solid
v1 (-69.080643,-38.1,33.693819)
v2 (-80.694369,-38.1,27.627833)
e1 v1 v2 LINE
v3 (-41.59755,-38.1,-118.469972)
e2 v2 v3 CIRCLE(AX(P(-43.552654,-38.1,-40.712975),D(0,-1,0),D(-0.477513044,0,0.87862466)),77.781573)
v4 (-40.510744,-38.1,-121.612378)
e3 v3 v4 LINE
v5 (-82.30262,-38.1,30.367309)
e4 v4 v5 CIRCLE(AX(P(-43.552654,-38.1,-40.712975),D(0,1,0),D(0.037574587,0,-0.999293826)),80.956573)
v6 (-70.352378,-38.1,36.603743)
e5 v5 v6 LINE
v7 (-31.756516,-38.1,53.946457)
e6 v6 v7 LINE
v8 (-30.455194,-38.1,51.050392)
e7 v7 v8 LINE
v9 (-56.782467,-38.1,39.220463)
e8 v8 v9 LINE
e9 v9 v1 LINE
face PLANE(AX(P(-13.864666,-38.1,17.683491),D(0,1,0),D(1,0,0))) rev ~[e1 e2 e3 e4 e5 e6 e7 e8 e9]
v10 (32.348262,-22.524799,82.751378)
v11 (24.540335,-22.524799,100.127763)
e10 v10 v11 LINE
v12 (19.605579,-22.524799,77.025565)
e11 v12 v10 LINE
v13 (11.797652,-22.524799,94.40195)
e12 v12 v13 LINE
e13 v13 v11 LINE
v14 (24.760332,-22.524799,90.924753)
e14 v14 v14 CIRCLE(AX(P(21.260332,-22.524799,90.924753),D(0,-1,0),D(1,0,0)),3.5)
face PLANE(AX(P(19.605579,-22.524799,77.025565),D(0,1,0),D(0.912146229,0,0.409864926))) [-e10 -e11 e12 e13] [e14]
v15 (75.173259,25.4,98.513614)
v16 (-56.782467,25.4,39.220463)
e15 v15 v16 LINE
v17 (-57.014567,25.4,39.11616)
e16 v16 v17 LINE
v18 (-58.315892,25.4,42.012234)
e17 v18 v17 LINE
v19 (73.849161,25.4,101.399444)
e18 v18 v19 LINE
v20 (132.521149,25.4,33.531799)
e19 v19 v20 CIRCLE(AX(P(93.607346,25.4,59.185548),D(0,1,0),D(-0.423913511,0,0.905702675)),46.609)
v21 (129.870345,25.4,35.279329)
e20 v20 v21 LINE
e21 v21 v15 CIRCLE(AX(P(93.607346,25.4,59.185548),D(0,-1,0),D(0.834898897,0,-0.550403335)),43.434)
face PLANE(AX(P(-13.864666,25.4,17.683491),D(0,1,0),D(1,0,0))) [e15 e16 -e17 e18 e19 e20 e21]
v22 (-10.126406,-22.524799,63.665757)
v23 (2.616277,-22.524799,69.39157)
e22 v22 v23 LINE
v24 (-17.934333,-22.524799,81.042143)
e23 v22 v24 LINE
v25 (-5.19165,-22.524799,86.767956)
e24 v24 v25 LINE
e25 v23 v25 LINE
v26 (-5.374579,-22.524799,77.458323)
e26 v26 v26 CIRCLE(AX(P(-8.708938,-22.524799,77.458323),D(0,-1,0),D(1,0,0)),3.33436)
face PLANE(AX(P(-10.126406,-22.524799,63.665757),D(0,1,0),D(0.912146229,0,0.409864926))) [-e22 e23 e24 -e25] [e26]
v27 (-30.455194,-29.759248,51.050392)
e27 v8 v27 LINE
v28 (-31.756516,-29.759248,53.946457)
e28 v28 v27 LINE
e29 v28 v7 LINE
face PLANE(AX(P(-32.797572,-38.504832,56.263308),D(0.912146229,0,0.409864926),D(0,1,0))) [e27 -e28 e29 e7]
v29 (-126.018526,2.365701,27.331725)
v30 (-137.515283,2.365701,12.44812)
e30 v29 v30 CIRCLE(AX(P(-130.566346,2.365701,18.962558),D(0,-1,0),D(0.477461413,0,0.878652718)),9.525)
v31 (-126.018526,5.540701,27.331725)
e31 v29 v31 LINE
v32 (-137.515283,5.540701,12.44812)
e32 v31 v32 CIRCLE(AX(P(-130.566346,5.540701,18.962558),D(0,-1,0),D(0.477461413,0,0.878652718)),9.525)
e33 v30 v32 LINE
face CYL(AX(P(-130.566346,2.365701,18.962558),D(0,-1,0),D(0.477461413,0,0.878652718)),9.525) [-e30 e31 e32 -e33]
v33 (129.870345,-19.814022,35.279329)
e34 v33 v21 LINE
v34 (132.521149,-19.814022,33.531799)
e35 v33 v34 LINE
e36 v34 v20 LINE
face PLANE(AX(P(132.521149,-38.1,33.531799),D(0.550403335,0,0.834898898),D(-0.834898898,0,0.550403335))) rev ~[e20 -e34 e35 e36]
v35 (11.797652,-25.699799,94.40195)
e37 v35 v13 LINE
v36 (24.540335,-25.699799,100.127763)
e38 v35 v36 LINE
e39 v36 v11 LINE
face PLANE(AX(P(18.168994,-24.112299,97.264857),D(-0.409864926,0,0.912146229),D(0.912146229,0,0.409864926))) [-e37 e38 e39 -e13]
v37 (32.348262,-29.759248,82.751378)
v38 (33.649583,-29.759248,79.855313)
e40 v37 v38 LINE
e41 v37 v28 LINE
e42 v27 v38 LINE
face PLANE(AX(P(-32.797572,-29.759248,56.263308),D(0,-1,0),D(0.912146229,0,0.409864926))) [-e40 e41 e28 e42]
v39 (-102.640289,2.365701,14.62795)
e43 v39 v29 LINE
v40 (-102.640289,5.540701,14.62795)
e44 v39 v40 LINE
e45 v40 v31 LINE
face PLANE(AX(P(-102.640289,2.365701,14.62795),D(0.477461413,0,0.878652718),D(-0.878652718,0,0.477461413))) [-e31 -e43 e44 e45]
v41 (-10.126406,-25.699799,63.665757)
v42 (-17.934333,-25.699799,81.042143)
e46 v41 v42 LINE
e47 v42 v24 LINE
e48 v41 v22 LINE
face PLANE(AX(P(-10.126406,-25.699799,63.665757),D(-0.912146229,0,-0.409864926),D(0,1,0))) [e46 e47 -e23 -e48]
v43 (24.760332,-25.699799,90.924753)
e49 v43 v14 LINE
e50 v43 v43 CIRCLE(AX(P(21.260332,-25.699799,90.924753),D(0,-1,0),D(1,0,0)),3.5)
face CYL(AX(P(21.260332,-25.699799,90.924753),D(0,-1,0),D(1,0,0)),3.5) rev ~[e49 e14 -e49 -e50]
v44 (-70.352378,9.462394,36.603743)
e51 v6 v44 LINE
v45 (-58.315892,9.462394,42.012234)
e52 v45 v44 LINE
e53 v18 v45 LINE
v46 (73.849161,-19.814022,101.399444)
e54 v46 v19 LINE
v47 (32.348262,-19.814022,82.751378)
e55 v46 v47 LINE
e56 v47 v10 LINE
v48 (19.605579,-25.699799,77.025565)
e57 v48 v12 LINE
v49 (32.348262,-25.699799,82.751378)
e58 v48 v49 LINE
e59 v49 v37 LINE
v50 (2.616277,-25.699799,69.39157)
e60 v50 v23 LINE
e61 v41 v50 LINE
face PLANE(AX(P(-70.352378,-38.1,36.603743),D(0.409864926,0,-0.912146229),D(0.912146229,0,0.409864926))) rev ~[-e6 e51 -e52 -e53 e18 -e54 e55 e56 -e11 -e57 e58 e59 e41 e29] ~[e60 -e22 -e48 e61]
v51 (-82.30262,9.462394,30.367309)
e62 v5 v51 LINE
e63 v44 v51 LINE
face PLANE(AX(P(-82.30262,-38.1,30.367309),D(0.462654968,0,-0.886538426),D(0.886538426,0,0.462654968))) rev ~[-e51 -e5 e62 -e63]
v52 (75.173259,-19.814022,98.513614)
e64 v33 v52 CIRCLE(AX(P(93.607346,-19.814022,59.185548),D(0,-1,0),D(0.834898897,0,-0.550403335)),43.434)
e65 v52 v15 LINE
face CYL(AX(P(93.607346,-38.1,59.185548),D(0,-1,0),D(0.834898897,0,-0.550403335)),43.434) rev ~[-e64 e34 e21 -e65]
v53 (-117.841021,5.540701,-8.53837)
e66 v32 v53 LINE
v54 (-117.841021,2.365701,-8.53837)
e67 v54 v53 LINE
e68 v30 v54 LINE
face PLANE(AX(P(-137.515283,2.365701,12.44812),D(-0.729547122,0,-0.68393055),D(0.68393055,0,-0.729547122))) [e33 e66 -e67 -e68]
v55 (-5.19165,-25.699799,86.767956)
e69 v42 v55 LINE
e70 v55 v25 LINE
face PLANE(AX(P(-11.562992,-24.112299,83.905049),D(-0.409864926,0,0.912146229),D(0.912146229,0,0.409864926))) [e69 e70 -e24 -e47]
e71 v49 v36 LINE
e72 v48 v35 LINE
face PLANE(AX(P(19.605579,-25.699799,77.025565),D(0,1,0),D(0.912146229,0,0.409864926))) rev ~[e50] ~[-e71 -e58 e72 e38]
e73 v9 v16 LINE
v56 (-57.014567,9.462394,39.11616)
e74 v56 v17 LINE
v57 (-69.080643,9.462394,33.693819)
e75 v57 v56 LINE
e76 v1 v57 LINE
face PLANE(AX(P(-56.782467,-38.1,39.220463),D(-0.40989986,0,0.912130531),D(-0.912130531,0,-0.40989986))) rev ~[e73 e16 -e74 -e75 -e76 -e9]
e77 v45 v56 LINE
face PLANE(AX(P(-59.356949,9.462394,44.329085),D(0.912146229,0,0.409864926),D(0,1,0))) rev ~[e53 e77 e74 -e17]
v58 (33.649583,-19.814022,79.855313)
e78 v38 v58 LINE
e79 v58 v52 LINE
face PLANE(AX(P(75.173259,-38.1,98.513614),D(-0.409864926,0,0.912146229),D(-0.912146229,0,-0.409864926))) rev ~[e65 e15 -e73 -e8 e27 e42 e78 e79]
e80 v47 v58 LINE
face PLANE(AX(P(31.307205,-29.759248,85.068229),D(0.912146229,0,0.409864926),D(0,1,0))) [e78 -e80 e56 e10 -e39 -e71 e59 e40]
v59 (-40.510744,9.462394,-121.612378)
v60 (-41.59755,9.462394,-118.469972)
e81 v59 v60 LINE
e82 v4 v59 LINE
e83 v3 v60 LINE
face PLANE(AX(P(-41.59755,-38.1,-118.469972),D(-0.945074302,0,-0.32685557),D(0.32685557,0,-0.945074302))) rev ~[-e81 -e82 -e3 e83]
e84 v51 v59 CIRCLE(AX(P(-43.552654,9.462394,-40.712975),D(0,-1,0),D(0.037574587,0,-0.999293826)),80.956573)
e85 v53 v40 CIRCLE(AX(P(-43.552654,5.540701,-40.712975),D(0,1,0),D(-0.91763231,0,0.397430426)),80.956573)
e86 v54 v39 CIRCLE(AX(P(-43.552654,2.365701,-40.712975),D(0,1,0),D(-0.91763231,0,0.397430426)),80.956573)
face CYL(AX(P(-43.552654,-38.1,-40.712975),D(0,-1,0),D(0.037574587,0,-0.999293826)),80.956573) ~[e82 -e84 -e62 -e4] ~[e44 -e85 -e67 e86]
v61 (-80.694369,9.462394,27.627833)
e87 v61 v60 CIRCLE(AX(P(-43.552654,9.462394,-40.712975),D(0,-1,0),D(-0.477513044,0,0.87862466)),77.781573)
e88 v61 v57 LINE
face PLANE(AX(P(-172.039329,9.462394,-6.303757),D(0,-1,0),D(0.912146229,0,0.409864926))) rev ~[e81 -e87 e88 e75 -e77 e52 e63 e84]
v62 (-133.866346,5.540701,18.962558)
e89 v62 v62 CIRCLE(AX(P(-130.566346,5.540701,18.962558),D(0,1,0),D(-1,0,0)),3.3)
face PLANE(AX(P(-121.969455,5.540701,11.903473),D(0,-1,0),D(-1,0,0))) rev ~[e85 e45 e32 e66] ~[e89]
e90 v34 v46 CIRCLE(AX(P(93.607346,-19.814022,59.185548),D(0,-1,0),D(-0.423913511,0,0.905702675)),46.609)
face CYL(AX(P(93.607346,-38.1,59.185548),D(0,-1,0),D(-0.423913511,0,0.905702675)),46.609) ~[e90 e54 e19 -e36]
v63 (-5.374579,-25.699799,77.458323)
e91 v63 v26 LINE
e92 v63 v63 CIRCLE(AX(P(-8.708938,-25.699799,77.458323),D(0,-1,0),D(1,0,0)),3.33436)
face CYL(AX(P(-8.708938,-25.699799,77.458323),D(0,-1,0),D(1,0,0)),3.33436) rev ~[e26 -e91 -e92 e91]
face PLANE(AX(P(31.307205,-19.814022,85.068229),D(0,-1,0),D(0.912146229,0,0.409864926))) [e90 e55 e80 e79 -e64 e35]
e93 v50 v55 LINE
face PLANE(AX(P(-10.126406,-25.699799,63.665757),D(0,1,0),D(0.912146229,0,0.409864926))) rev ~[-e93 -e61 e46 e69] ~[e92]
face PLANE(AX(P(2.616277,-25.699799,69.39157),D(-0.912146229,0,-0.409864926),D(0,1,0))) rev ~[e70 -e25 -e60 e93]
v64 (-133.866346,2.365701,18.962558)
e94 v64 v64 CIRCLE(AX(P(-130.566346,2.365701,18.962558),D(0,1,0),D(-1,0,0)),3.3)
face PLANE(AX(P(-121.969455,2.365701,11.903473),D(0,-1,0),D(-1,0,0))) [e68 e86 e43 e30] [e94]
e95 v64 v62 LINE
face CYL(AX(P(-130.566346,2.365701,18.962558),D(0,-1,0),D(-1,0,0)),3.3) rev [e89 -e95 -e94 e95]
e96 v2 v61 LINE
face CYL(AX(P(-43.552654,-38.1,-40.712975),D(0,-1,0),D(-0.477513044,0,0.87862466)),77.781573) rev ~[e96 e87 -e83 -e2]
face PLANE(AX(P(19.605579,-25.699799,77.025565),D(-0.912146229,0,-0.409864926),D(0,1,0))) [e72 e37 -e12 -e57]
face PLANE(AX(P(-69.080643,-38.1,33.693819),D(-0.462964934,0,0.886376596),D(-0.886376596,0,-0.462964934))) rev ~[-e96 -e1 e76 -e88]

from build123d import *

# Parameters (mm, degrees)
BOSS_EXTRUDE1_DEPTH      = 25.4
BOSS_EXTRUDE1_DEPTH_BACK = 38.1
SKETCH8_W                = 123.535434654
SKETCH8_H                = 17.820393788
SKETCH8_W_2              = 107.648650008
SKETCH8_H_2              = 18.69081023
SKETCH8_W_3              = 70.279057637
SKETCH8_H_3              = 8.745584685
CUT_EXTRUDE8_DEPTH       = 249.85459317
SKETCH9_W                = 13.97
SKETCH9_H                = 3.175
BOSS_EXTRUDE2_DEPTH      = 19.05
SKETCH10_R               = 3.5
SKETCH10_R_2             = 3.33435983
CUT_EXTRUDE9_DEPTH       = 193.549453602
SKETCH11_R               = 3.3
BOSS_EXTRUDE3_DEPTH      = 3.175


with BuildPart() as part:
    # Sketch1 → Boss-Extrude1 (new, two sides: drawn at the far end of the back side and taken through both)
    with BuildSketch(Plane(origin=(0, 0, 0), x_dir=(1, 0, 0), z_dir=(0, 1, 0)).offset(-BOSS_EXTRUDE1_DEPTH_BACK)):
        with BuildLine():
            Line((75.173258544, -98.513613558), (-56.782466528, -39.220463143))
            Line((-56.782466528, -39.220463143), (-69.080642984, -33.693819057))
            Line((-69.080642984, -33.693819057), (-80.694369412, -27.627832989))
            ThreePointArc((-80.694369412, -27.627832989), (-118.690304786, 60.820348405), (-41.597550485, 118.469972265))
            Line((-41.597550485, 118.469972265), (-40.510743974, 121.612378267))
            ThreePointArc((-40.510743974, 121.612378267), (-121.611751141, 62.177923058), (-82.302619901, -30.367309292))
            Line((-82.302619901, -30.367309292), (-70.352378469, -36.603743496))
            Line((-70.352378469, -36.603743496), (73.849161484, -101.399443673))
            ThreePointArc((73.849161484, -101.399443673), (128.866936987, -89.667676037), (132.52114904, -33.531798673))
            Line((132.52114904, -33.531798673), (129.87034504, -35.279329261))
            ThreePointArc((129.87034504, -35.279329261), (126.457174239, -87.60035304), (75.173258544, -98.513613558))
        make_face()
    extrude(amount=BOSS_EXTRUDE1_DEPTH + BOSS_EXTRUDE1_DEPTH_BACK)

    # Sketch8 → Cut-Extrude8 (cut, through all)
    with BuildSketch(Plane(origin=(-26.544057216, 0, 59.073270551), x_dir=(0.9121462285238172, 0, 0.4098649262742256), z_dir=(-0.4098649262742256, 0, 0.9121462285238172))):
        with Locations((-97.740996954, 18.372591372)):
            Rectangle(SKETCH8_W, SKETCH8_H)
        with Locations((117.247557269, -29.159427294)):
            Rectangle(SKETCH8_W_2, SKETCH8_H_2)
        with Locations((28.283703447, -34.132040067)):
            Rectangle(SKETCH8_W_3, SKETCH8_H_3)
    extrude(amount=-CUT_EXTRUDE8_DEPTH, mode=Mode.SUBTRACT)

    # Sketch9 → Boss-Extrude2 (add)
    with BuildSketch(Plane(origin=(-25.503000303, 0, 56.756419131), x_dir=(0.9121462285238173, 0, 0.40986492627422544), z_dir=(-0.40986492627422544, 0, 0.9121462285238173))):
        with Locations((56.438232265, -24.112299079)):
            Rectangle(SKETCH9_W, SKETCH9_H)
        with Locations((23.842597685, -24.112299079)):
            Rectangle(SKETCH9_W, SKETCH9_H)
    extrude(amount=BOSS_EXTRUDE2_DEPTH)

    # Sketch10 → Cut-Extrude9 (cut, through all)
    with BuildSketch(Plane(origin=(0, -25.699799079, 0), x_dir=(-1, 0, 0), z_dir=(0, -1, 0))):
        with Locations(Location((-21.260331788, -90.924752525, 0), (0, 0, 180))):
            Circle(SKETCH10_R)
        with Locations(Location((8.708938333, -77.458323235, 0), (0, 0, 180))):
            Circle(SKETCH10_R_2)
    extrude(amount=-CUT_EXTRUDE9_DEPTH, mode=Mode.SUBTRACT)

    # Sketch11 → Boss-Extrude3 (add)
    with BuildSketch(Plane(origin=(0, 2.365700518, 0), x_dir=(1, 0, 0), z_dir=(0, 1, 0))):
        with BuildLine():
            Line((-137.515282661, -12.448119592), (-117.841020701, 8.538369727))
            ThreePointArc((-117.841020701, 8.538369727), (-111.239130232, -3.699946448), (-102.640289142, -14.627950496))
            Line((-102.640289142, -14.627950496), (-126.018526364, -27.331725219))
            ThreePointArc((-126.018526364, -27.331725219), (-138.10436789, -24.785259853), (-137.515282661, -12.448119592))
        make_face()
        with Locations(Location((-130.566346327, -18.962558081, 0), (0, 0, 180))):
            Circle(SKETCH11_R, mode=Mode.SUBTRACT)
    extrude(amount=BOSS_EXTRUDE3_DEPTH)


solid = part.part
